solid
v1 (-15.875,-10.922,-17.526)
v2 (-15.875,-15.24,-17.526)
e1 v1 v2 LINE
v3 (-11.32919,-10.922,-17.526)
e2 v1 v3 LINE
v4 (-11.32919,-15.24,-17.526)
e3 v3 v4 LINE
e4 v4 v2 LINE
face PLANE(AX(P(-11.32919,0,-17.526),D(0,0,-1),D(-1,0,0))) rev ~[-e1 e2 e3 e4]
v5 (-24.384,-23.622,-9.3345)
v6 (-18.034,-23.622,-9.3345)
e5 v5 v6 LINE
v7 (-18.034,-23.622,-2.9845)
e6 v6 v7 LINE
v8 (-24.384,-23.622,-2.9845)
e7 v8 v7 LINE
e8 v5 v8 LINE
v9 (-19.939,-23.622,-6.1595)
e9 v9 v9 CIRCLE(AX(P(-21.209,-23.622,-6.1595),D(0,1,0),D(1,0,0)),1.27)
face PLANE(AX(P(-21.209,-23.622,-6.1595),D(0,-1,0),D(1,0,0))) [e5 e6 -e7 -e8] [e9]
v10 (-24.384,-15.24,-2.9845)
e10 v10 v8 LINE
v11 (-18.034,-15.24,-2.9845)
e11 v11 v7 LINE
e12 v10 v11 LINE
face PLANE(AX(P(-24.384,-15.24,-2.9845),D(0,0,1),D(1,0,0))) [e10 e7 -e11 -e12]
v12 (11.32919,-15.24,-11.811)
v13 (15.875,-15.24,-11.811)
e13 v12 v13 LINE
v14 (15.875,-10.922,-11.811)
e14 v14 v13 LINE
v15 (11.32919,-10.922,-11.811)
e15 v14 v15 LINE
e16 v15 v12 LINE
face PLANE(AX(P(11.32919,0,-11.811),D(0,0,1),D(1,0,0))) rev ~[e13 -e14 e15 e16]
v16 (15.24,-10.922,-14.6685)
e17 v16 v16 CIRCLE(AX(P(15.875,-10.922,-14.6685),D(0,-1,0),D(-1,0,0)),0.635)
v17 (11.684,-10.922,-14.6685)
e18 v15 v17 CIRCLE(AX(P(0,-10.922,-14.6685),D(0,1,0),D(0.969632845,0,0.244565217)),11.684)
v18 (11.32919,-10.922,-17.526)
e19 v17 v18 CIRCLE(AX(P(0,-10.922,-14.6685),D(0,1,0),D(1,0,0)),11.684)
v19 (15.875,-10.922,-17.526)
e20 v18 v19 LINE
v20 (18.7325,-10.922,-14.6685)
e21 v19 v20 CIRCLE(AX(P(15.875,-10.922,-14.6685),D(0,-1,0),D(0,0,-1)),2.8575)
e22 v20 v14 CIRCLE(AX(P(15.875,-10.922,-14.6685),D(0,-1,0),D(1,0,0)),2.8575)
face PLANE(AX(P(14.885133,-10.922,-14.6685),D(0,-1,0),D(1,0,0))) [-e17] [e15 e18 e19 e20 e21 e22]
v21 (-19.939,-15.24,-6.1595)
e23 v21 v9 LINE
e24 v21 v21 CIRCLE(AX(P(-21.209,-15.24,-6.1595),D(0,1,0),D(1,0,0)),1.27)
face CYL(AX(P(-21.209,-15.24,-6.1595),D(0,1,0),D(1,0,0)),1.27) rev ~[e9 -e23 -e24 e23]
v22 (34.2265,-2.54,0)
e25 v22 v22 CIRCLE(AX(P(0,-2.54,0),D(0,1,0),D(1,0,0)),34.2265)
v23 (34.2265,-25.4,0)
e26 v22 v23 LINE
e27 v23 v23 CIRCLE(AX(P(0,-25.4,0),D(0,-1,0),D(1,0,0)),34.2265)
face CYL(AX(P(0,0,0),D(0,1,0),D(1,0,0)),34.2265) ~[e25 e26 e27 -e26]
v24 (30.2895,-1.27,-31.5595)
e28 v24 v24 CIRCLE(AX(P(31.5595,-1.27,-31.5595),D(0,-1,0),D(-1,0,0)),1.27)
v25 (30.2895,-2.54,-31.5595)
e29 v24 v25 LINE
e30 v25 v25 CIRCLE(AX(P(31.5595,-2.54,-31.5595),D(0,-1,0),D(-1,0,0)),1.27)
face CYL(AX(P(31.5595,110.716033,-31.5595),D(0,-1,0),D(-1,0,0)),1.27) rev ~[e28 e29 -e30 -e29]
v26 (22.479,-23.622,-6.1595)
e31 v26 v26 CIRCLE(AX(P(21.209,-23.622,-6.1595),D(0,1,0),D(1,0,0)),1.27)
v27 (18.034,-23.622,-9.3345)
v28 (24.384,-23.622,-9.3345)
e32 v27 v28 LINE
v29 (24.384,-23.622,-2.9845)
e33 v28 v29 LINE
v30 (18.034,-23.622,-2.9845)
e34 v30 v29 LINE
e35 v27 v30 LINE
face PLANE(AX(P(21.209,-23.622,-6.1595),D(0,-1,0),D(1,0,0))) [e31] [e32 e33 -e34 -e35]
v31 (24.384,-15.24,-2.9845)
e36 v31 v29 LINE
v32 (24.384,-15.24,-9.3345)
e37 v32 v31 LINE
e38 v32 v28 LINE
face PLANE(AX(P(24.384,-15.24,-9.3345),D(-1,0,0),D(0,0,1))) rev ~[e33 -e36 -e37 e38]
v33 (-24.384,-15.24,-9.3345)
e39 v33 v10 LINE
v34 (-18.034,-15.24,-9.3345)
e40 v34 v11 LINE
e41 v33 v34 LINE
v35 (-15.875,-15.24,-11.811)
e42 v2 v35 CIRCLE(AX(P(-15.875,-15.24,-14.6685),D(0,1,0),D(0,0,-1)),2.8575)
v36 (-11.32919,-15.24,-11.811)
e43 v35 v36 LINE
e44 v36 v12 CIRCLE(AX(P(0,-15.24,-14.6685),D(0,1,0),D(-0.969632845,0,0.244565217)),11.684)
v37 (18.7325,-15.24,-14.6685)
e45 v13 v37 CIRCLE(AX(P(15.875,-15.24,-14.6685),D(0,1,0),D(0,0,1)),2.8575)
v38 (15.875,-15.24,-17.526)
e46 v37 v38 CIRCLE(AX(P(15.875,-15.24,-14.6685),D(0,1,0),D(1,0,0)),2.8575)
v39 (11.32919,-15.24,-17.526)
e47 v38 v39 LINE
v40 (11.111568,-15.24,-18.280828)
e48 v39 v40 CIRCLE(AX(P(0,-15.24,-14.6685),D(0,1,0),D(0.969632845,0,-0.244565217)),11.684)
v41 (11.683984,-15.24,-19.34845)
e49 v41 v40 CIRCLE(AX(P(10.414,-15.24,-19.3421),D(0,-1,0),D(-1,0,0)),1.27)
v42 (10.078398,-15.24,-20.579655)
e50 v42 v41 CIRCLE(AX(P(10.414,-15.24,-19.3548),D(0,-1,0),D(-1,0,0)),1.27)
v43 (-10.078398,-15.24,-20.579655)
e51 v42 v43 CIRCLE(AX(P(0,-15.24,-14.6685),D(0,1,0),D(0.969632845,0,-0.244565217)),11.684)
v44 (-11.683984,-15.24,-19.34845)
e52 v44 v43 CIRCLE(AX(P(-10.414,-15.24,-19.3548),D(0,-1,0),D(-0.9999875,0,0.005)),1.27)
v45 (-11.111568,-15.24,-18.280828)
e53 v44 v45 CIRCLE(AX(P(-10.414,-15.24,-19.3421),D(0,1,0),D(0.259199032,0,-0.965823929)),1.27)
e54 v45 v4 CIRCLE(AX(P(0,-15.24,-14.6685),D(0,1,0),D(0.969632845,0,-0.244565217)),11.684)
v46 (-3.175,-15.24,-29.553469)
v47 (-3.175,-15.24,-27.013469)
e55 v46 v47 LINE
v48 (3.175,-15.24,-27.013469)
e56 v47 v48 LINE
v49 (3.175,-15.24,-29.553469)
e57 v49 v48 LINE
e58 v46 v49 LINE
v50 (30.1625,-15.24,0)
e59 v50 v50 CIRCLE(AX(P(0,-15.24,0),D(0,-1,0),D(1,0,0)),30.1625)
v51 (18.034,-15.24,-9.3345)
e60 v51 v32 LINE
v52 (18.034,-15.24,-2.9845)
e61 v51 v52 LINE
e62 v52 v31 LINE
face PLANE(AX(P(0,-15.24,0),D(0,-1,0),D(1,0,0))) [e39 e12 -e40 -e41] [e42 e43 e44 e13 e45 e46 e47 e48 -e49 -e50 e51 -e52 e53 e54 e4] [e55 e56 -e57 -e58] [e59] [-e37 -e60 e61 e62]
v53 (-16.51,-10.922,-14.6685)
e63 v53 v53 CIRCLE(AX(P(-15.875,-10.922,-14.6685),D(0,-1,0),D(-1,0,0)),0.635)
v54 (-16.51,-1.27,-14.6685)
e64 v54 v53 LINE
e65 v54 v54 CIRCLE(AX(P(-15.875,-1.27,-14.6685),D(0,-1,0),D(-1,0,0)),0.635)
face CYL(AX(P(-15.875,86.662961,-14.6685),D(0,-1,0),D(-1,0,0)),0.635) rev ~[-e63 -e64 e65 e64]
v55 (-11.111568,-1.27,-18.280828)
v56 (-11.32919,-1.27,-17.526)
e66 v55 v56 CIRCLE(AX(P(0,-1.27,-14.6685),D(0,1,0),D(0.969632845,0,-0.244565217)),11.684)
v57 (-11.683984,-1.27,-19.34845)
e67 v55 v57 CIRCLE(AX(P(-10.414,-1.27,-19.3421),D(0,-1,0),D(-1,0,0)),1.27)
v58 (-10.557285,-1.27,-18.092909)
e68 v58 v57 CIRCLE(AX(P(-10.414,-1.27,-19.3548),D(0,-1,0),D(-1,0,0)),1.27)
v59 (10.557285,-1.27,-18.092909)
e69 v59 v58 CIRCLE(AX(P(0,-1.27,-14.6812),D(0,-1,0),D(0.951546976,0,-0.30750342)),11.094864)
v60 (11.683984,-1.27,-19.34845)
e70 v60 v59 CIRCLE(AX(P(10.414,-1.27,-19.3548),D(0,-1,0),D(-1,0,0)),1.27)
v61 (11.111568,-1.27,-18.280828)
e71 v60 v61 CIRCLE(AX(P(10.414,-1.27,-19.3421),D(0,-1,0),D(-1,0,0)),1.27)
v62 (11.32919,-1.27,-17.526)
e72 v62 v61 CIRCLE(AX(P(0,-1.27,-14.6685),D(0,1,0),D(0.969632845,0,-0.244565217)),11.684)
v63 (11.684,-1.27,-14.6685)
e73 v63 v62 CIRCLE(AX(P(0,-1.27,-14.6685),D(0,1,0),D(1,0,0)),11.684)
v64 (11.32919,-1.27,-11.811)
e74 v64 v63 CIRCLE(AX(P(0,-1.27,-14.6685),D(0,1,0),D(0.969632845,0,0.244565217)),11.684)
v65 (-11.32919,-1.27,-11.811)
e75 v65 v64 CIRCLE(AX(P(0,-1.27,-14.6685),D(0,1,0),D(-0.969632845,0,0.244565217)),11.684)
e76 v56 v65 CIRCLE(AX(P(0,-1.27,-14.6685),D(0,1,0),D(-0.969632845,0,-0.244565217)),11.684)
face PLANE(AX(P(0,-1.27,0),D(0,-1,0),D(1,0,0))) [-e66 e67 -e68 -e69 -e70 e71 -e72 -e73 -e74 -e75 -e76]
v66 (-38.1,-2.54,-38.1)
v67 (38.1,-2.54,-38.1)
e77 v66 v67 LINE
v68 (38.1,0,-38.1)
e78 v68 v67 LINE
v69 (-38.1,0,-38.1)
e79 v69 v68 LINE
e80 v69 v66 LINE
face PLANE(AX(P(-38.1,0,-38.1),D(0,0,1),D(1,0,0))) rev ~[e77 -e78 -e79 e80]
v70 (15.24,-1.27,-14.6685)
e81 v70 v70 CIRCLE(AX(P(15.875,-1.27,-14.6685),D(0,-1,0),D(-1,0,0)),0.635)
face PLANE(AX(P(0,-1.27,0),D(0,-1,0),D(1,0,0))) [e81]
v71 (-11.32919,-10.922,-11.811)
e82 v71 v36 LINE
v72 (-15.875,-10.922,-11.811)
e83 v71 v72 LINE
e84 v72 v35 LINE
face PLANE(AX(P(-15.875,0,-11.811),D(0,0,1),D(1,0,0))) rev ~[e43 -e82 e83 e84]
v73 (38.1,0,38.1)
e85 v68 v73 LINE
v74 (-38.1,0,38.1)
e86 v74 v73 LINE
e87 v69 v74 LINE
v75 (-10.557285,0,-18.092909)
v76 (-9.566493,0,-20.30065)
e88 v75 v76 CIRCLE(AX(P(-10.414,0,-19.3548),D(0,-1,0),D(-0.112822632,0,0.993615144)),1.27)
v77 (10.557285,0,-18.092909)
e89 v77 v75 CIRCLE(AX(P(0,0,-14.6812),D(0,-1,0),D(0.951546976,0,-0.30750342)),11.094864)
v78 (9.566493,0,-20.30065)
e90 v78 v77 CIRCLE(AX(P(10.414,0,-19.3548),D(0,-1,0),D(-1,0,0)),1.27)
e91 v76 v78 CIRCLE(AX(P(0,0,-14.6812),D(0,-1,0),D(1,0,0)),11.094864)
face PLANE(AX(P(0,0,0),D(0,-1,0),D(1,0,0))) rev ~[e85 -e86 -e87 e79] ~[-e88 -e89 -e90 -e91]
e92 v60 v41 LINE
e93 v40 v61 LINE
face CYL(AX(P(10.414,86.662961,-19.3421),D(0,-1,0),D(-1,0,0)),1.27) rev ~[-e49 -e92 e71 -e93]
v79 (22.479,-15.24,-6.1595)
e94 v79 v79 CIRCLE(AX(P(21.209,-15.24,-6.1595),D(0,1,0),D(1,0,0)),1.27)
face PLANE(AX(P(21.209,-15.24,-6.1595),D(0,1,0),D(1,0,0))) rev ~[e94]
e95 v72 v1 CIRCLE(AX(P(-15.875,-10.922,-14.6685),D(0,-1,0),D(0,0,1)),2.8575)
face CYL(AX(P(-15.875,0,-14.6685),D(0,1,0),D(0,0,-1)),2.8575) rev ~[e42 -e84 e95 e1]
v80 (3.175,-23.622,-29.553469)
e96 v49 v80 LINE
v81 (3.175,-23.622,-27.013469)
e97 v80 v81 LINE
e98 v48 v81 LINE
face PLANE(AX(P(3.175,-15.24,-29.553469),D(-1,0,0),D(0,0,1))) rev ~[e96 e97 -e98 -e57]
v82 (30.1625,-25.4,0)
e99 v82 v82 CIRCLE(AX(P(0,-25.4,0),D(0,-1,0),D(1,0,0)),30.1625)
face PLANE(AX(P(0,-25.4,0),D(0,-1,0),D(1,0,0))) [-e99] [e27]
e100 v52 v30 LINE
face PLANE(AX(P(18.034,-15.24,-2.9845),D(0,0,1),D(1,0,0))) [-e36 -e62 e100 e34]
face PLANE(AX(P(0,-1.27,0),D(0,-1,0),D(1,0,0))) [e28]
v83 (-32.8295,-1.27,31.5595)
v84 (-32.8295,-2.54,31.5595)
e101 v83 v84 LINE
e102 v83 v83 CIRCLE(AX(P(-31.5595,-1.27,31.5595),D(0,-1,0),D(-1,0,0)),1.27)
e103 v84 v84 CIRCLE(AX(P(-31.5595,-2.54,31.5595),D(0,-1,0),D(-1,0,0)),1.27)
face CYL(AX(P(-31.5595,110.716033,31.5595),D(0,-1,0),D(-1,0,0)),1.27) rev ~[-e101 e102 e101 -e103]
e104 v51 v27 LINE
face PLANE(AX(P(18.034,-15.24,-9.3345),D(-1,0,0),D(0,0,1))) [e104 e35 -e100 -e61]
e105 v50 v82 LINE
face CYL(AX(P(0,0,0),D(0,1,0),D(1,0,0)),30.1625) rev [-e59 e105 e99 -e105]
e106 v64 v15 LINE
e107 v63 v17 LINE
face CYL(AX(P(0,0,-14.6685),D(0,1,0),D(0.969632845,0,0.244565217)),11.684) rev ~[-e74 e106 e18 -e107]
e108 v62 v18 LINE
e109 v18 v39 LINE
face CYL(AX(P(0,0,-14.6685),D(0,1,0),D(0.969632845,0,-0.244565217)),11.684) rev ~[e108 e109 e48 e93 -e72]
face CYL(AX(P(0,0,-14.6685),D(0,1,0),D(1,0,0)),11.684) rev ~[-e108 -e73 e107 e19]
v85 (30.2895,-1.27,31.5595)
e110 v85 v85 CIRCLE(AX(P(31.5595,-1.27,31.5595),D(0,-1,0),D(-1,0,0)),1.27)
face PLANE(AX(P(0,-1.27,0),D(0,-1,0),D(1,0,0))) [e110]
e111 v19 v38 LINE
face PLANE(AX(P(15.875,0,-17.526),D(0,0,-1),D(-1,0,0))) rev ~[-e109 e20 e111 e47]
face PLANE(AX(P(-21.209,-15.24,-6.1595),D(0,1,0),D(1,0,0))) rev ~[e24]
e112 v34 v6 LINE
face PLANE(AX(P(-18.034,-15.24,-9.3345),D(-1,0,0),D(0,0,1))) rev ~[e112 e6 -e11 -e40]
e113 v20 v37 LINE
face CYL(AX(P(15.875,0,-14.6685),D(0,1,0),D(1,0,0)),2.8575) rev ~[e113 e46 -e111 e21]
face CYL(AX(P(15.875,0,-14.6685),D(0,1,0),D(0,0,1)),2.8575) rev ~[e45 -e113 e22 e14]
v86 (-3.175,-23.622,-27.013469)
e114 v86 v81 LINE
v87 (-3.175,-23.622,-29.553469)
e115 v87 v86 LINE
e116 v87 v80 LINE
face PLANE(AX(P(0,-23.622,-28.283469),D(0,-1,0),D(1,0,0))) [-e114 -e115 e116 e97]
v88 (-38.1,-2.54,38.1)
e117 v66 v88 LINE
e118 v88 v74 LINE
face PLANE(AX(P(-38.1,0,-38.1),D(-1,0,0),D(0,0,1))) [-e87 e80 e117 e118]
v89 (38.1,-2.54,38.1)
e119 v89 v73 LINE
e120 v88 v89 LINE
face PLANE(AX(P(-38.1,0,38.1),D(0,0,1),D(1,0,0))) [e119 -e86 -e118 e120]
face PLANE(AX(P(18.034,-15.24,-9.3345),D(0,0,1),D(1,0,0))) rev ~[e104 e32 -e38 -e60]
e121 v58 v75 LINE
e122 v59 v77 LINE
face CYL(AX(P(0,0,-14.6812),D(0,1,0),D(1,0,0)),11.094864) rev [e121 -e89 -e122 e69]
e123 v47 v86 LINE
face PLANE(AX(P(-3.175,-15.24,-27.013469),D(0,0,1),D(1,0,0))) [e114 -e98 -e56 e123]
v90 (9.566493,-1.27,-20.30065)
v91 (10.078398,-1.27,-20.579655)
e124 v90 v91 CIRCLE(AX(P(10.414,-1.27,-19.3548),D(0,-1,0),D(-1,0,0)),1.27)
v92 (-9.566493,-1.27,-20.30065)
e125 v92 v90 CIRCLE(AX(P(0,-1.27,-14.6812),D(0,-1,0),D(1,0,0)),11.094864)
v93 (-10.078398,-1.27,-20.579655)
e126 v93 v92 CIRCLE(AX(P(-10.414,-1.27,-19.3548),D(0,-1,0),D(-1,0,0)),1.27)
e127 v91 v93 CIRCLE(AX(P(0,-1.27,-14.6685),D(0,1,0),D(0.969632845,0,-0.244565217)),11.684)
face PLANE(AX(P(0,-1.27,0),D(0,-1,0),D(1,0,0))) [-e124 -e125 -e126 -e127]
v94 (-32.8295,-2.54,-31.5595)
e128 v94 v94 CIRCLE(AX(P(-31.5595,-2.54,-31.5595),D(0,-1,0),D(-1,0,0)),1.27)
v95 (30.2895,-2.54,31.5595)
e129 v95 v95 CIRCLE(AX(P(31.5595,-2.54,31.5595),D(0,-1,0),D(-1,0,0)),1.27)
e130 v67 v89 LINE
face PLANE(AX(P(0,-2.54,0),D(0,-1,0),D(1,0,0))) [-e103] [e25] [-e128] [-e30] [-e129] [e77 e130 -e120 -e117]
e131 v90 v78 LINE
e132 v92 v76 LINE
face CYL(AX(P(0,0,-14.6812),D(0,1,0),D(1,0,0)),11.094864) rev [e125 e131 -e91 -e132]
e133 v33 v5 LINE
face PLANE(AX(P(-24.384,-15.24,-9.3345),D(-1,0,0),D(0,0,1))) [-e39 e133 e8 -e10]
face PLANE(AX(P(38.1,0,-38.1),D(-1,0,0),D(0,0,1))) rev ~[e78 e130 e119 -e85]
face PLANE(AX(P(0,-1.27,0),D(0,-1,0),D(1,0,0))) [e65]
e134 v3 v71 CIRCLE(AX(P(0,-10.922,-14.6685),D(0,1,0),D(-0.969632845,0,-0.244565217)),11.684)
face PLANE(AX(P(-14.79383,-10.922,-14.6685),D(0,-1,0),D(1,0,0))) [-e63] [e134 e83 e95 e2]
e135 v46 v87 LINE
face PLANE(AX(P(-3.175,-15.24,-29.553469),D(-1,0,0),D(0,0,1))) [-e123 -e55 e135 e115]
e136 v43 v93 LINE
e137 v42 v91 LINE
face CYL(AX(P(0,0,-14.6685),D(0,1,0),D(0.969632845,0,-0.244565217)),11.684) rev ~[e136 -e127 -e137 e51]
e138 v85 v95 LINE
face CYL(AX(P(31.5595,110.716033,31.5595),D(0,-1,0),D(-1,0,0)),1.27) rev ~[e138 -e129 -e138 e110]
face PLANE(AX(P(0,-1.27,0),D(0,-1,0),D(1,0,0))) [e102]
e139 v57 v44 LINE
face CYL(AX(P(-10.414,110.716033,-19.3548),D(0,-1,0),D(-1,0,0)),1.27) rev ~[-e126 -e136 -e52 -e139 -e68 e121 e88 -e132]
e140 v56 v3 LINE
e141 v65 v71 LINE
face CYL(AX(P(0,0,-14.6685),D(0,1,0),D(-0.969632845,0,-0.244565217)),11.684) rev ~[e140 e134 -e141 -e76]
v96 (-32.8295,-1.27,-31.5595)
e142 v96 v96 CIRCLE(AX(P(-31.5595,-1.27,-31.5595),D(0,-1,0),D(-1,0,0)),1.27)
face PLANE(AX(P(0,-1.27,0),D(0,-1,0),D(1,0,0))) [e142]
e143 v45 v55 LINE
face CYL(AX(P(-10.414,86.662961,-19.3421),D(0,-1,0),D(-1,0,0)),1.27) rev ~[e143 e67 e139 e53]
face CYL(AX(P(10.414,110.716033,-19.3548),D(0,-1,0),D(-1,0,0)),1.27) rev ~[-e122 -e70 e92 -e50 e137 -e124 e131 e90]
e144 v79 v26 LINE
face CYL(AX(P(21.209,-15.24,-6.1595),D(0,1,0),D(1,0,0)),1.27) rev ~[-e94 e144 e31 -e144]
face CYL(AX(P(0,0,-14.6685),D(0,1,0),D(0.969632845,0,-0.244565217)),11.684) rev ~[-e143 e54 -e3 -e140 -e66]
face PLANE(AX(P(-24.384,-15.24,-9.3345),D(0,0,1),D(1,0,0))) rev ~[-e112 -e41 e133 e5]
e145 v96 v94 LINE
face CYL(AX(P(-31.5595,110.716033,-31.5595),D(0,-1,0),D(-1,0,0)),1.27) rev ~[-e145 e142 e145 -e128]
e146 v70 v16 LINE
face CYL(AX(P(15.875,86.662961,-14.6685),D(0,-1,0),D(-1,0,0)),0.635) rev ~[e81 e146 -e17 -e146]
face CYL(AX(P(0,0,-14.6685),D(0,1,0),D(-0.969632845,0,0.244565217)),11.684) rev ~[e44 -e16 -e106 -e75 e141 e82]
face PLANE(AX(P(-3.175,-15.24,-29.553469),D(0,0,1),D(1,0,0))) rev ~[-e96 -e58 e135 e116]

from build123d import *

# Parameters (mm, degrees)
F0_R      = 30.1625
F1_DEPTH  = 15.24
F2_D      = 2.54
F3_DEPTH  = 10.922
F4_D      = 1.27
F5_R      = 34.2265
F5_R_2    = 30.1625
F6_DEPTH  = 25.4
F8_W      = 6.35
F8_H      = 2.54
F8_H_2    = 6.35
F9_DEPTH  = 8.382
F10_D     = 2.54
F10_DEPTH = 10.161
F0_W      = 76.2
F0_H      = 76.2
F11_DEPTH = 2.54
F12_D     = 2.54
F13_W     = 76.2
F13_H     = 76.2
F13_R     = 11.0948644811
F14_DEPTH = 1.27
F15_D     = 2.54


with BuildPart() as f1:
    # F0 (on Front) → F1 (new body)
    with BuildSketch(Plane.XZ):
        Circle(F0_R)
        with BuildLine():
            ThreePointArc((-11.329190163, -11.811), (0, -2.9845), (11.329190163, -11.811))
            Line((11.329190163, -11.811), (15.875, -11.811))
            ThreePointArc((15.875, -11.811), (17.8955576272, -12.6479423728), (18.7325, -14.6685))
            ThreePointArc((18.7325, -14.6685), (17.8955576272, -16.6890576272), (15.875, -17.526))
            Line((15.875, -17.526), (11.329190163, -17.526))
            ThreePointArc((11.329190163, -17.526), (0, -26.3525), (-11.329190163, -17.526))
            Line((-11.329190163, -17.526), (-15.875, -17.526))
            ThreePointArc((-15.875, -17.526), (-18.7325, -14.6685), (-15.875, -11.811))
            Line((-15.875, -11.811), (-11.329190163, -11.811))
        make_face(mode=Mode.SUBTRACT)
    extrude(amount=F1_DEPTH)

    # F2 (through all)
    with Locations(Plane(origin=(0, 0, 0), x_dir=(1, 0, 0), z_dir=(0, 1, 0))):
        with Locations((-10.414, 19.3421), (10.414, 19.3421)):
            Hole(F2_D / 2)

    # F0 (on Front) → F3 (join)
    with BuildSketch(Plane.XZ):
        with BuildLine():
            ThreePointArc((-13.0175, -14.6685), (-13.8544423728, -12.6479423728), (-15.875, -11.811))
            Line((-15.875, -11.811), (-15.875, -17.526))
            ThreePointArc((-15.875, -17.526), (-13.8544423728, -16.6890576272), (-13.0175, -14.6685))
        make_face()
        with BuildLine():
            Line((-15.875, -17.526), (-15.875, -11.811))
            ThreePointArc((-15.875, -11.811), (-18.7325, -14.6685), (-15.875, -17.526))
        make_face()
        with BuildLine():
            Line((15.875, -17.526), (15.875, -11.811))
            ThreePointArc((15.875, -11.811), (13.0175, -14.6685), (15.875, -17.526))
        make_face()
        with BuildLine():
            ThreePointArc((18.7325, -14.6685), (17.8955576272, -12.6479423728), (15.875, -11.811))
            Line((15.875, -11.811), (15.875, -17.526))
            ThreePointArc((15.875, -17.526), (17.8955576272, -16.6890576272), (18.7325, -14.6685))
        make_face()
        with BuildLine():
            ThreePointArc((-11.329190163, -17.526), (-11.684, -14.6685), (-11.329190163, -11.811))
            Line((-11.329190163, -11.811), (-15.875, -11.811))
            ThreePointArc((-15.875, -11.811), (-13.8544423728, -12.6479423728), (-13.0175, -14.6685))
            ThreePointArc((-13.0175, -14.6685), (-13.8544423728, -16.6890576272), (-15.875, -17.526))
            Line((-15.875, -17.526), (-11.329190163, -17.526))
        make_face()
        with BuildLine():
            ThreePointArc((11.329190163, -11.811), (11.5949582549, -13.2287781284), (11.684, -14.6685))
            ThreePointArc((11.684, -14.6685), (11.5949582549, -16.1082218716), (11.329190163, -17.526))
            Line((11.329190163, -17.526), (15.875, -17.526))
            ThreePointArc((15.875, -17.526), (13.0175, -14.6685), (15.875, -11.811))
            Line((15.875, -11.811), (11.329190163, -11.811))
        make_face()
    extrude(amount=F3_DEPTH)

    # F4 (through all)
    with Locations(Plane(origin=(0, 0, 0), x_dir=(1, 0, 0), z_dir=(0, 1, 0))):
        with Locations((-15.875, 14.6685), (15.875, 14.6685)):
            Hole(F4_D / 2)

    # F5 (on Front) → F6 (join)
    with BuildSketch(Plane.XZ):
        Circle(F5_R)
        Circle(F5_R_2, mode=Mode.SUBTRACT)
    extrude(amount=F6_DEPTH)

    # F8 (on offset) → F9 (join)
    with BuildSketch(Plane.XZ.offset(15.24)):
        with Locations((0, -28.2834693789)):
            Rectangle(F8_W, F8_H)
        with Locations((-21.209, -6.1595)):
            Rectangle(F8_W, F8_H_2)
        with Locations((21.209, -6.1595)):
            Rectangle(F8_W, F8_H_2)
    extrude(amount=F9_DEPTH)

    # F10 (through all, one way)
    with BuildSketch(Plane(origin=(0, -15.24, 0), x_dir=(1, 0, 0), z_dir=(0, 1, 0))):
        with Locations((-21.209, 6.1595), (21.209, 6.1595)):
            Circle(F10_D / 2)
    extrude(amount=-F10_DEPTH, mode=Mode.SUBTRACT)

    # F0 (on Front) → F11 (join)
    with BuildSketch(Plane.XZ):
        Rectangle(F0_W, F0_H)
        Circle(F0_R, mode=Mode.SUBTRACT)
    extrude(amount=F11_DEPTH)

    # F12 (through all)
    with Locations(Plane(origin=(0, 0, 0), x_dir=(1, 0, 0), z_dir=(0, 1, 0))):
        with Locations((31.5595, 31.5595), (-31.5595, 31.5595), (-31.5595, -31.5595), (31.5595, -31.5595)):
            Hole(F12_D / 2)

    # F13 (on Front) → F14 (join)
    with BuildSketch(Plane.XZ):
        Rectangle(F13_W, F13_H)
        with Locations((0, -14.6812)):
            Circle(F13_R, mode=Mode.SUBTRACT)
    extrude(amount=F14_DEPTH)

    # F15 (through all)
    with Locations(Plane(origin=(0, 0, 0), x_dir=(1, 0, 0), z_dir=(0, 1, 0))):
        with Locations((10.414, 19.3548), (-10.414, 19.3548)):
            Hole(F15_D / 2)


solid = f1.part
